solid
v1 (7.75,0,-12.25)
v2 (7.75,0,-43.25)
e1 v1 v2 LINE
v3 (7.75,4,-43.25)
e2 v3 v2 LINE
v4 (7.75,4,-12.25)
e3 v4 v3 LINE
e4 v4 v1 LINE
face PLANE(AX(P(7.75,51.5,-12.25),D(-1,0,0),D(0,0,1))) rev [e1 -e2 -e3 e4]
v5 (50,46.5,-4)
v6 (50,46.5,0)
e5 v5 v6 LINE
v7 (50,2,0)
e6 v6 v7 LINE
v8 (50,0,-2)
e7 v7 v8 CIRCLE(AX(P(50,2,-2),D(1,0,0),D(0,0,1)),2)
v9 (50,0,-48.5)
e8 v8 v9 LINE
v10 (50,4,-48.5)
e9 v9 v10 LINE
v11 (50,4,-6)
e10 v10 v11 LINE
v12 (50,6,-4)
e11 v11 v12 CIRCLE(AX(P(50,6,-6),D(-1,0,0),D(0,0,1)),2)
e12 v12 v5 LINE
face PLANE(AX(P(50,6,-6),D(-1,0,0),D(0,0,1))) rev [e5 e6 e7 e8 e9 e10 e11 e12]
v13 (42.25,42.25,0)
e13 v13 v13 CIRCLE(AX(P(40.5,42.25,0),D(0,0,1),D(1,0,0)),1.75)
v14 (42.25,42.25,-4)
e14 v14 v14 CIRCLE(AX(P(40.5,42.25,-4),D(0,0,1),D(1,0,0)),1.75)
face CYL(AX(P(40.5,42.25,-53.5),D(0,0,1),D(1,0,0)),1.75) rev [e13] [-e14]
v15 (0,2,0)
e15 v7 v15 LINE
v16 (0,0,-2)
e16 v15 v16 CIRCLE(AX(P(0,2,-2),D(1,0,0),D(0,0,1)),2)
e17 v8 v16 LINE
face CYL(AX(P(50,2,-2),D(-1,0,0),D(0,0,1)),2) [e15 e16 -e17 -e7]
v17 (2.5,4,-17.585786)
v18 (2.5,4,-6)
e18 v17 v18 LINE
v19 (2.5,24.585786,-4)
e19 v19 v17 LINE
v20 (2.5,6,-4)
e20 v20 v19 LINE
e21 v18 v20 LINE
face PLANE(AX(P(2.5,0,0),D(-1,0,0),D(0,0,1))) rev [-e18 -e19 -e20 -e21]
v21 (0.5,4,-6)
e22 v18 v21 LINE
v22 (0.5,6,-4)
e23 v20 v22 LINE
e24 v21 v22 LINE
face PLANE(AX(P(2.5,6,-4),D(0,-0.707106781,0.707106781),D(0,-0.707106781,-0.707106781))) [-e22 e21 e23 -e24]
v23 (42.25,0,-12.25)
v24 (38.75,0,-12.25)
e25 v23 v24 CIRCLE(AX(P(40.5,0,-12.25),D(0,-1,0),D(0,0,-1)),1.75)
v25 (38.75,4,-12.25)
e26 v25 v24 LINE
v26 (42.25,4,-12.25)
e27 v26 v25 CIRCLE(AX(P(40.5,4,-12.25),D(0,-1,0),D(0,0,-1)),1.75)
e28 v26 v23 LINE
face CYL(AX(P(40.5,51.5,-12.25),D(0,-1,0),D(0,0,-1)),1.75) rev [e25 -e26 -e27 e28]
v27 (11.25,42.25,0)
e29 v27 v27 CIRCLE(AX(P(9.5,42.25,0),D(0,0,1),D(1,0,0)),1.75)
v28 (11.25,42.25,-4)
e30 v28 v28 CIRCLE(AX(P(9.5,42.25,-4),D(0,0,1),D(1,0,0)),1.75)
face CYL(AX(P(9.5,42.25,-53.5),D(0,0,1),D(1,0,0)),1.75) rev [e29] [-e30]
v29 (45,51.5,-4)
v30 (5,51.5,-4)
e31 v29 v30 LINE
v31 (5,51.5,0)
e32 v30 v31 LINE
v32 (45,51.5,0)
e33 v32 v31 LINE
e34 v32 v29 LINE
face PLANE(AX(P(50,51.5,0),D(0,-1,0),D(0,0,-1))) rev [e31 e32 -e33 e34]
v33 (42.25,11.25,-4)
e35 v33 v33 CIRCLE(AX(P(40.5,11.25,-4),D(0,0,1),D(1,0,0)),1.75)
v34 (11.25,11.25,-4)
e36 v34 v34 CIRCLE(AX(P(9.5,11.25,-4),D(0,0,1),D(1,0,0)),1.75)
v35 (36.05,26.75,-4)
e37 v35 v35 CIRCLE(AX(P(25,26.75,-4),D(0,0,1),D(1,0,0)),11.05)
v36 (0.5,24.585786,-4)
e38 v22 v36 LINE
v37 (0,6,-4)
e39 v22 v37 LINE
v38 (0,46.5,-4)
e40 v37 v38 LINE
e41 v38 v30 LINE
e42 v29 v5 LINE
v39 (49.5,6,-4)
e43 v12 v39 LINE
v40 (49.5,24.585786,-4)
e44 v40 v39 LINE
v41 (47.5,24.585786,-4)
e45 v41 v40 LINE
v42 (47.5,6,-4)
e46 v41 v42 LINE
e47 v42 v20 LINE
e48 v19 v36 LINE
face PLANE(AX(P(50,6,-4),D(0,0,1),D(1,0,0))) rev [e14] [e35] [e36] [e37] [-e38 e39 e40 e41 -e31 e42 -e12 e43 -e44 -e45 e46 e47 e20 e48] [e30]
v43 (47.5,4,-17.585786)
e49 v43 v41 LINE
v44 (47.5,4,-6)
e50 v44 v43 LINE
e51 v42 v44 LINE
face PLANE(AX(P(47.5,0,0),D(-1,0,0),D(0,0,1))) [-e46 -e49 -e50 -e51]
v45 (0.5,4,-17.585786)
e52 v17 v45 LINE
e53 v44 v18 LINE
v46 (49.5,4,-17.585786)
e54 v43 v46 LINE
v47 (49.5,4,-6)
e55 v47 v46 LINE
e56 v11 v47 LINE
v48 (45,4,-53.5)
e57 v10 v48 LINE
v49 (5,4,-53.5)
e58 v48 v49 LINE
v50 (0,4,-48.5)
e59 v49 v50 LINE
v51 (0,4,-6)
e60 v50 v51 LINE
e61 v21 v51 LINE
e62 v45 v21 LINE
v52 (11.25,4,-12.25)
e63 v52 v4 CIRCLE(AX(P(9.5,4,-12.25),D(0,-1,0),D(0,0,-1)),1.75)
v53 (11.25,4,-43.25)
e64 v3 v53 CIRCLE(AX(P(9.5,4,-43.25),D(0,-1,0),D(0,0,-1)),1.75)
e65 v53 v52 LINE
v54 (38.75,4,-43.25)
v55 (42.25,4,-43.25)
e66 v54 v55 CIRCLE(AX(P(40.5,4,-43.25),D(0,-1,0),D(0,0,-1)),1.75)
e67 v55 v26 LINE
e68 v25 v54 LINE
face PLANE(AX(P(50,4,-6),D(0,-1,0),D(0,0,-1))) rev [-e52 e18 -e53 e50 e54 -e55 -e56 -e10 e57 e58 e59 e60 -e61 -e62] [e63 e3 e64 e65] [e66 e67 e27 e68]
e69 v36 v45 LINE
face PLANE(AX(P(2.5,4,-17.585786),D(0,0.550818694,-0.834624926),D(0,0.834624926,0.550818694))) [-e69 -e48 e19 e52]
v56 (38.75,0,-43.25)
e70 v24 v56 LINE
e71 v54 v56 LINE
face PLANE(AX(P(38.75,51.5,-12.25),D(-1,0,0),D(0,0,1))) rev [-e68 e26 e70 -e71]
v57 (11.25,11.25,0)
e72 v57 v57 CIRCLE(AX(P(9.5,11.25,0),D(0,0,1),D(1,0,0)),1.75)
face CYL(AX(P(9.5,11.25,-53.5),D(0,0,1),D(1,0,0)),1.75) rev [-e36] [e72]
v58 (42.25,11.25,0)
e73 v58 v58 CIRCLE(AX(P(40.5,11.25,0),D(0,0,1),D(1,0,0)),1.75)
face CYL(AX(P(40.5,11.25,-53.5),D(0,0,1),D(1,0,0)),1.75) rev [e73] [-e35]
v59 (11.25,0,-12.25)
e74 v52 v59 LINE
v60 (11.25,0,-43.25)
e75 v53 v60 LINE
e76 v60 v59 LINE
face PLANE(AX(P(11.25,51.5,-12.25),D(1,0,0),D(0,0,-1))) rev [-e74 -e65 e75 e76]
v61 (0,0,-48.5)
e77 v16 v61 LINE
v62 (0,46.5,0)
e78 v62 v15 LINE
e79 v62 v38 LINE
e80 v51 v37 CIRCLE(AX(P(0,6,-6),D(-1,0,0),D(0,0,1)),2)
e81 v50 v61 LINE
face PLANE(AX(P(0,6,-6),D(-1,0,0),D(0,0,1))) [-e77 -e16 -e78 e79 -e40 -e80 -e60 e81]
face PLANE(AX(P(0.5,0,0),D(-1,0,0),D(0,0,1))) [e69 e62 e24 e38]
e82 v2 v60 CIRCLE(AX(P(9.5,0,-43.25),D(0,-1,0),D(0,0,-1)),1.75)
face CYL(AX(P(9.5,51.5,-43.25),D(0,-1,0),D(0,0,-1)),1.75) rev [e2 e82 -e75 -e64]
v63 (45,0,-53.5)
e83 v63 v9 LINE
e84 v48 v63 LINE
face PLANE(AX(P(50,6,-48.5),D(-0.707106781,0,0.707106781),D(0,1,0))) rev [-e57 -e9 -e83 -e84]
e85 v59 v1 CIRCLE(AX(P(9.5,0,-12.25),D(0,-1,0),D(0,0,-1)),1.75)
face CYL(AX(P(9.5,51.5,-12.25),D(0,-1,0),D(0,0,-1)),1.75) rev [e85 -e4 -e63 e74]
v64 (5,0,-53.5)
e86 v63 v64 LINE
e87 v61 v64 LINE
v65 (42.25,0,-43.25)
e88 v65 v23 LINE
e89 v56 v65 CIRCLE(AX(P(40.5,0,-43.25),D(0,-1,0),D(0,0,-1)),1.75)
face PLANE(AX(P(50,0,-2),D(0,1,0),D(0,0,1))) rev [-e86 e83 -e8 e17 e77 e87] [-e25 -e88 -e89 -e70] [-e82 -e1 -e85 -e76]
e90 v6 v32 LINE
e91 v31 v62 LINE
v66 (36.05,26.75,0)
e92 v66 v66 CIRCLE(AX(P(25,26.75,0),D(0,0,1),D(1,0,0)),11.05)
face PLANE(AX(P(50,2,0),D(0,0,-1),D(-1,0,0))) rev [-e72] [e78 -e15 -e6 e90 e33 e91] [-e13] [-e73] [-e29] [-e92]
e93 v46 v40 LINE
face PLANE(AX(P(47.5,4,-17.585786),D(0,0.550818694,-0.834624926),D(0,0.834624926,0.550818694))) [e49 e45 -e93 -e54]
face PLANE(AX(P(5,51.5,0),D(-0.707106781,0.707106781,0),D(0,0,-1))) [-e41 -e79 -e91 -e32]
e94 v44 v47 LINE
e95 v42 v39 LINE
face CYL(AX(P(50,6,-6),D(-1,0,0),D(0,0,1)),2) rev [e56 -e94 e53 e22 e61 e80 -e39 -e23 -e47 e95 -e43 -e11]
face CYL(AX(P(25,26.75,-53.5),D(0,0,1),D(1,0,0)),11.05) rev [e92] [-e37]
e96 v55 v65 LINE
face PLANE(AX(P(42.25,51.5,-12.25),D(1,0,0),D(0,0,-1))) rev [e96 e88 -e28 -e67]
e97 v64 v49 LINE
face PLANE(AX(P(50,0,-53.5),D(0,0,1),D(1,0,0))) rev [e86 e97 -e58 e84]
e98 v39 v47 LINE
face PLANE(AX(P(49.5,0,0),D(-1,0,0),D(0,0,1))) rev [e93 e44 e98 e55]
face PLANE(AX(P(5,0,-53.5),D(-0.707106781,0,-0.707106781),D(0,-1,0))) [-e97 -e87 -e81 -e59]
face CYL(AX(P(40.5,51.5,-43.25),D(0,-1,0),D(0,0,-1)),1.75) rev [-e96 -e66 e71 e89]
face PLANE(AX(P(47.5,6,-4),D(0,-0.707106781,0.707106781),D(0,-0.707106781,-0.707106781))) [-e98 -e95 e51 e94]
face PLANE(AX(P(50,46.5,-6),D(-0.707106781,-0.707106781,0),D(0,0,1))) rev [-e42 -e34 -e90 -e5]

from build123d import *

# Parameters (mm, degrees)
SALIENTE_EXTRUIR1_DEPTH = 50
CROQUIS2_R              = 11.05
CROQUIS2_R_2            = 1.75
CORTAR_EXTRUIR1_DEPTH   = 90.523739868
CORTAR_EXTRUIR2_DEPTH   = 90.523739868
CHAFL_N1_SIZE           = 5
SALIENTE_EXTRUIR4_DEPTH = 2
SALIENTE_EXTRUIR5_DEPTH = 2


with BuildPart() as part:
    # Croquis1 → Saliente-Extruir1 (new body)
    with BuildSketch(Plane(origin=(0, 0, 0), x_dir=(0, 0, -1), z_dir=(1, 0, 0))):
        with BuildLine():
            Line((2, 0), (53.5, 0))
            Line((53.5, 0), (53.5, 4))
            Line((53.5, 4), (6, 4))
            ThreePointArc((6, 4), (4.585786438, 4.585786438), (4, 6))
            Line((4, 6), (4, 51.5))
            Line((4, 51.5), (0, 51.5))
            Line((0, 51.5), (0, 2))
            ThreePointArc((0, 2), (0.585786438, 0.585786438), (2, 0))
        make_face()
    extrude(amount=SALIENTE_EXTRUIR1_DEPTH)

    # Croquis2 → Cortar-Extruir1 (cut, through all)
    with BuildSketch(Plane.XY):
        with Locations((25, 26.75)):
            Circle(CROQUIS2_R)
        with Locations((9.5, 42.25)):
            Circle(CROQUIS2_R_2)
        with Locations((40.5, 42.25)):
            Circle(CROQUIS2_R_2)
        with Locations((9.5, 11.25)):
            Circle(CROQUIS2_R_2)
        with Locations((40.5, 11.25)):
            Circle(CROQUIS2_R_2)
    extrude(amount=-CORTAR_EXTRUIR1_DEPTH, mode=Mode.SUBTRACT)

    # Croquis3 → Cortar-Extruir2 (cut, through all)
    with BuildSketch(Plane.XZ):
        with BuildLine():
            Line((7.75, -12.25), (7.75, -43.25))
            ThreePointArc((7.75, -43.25), (9.5, -45), (11.25, -43.25))
            Line((11.25, -43.25), (11.25, -12.25))
            ThreePointArc((11.25, -12.25), (9.5, -10.5), (7.75, -12.25))
        make_face()
        with BuildLine():
            Line((38.75, -12.25), (38.75, -43.25))
            ThreePointArc((38.75, -43.25), (40.5, -45), (42.25, -43.25))
            Line((42.25, -43.25), (42.25, -12.25))
            ThreePointArc((42.25, -12.25), (40.5, -10.5), (38.75, -12.25))
        make_face()
    extrude(amount=-CORTAR_EXTRUIR2_DEPTH, mode=Mode.SUBTRACT)

    # Chaflán1
    chafl_n1_edges = [part.edges().sort_by_distance(p)[0] for p in [
        (0, 2, -53.5),
        (50, 51.5, -2),
        (50, 2, -53.5),
        (0, 51.5, -2),
    ]]
    chamfer(chafl_n1_edges, length=CHAFL_N1_SIZE)

    # Croquis6 → Saliente-Extruir4 (add)
    with BuildSketch(Plane(origin=(49.5, 0, 0), x_dir=(0, 0, -1), z_dir=(1, 0, 0))):
        Polygon((4, 24.585786438), (4, 6), (6, 4), (17.585786438, 4), align=None)
    extrude(amount=-SALIENTE_EXTRUIR4_DEPTH)

    # Croquis7 → Saliente-Extruir5 (add)
    with BuildSketch(Plane.ZY.offset(-0.5)):
        Polygon((-17.585786438, 4), (-4, 24.585786438), (-4, 6), (-6, 4), align=None)
    extrude(amount=-SALIENTE_EXTRUIR5_DEPTH)


solid = part.part
